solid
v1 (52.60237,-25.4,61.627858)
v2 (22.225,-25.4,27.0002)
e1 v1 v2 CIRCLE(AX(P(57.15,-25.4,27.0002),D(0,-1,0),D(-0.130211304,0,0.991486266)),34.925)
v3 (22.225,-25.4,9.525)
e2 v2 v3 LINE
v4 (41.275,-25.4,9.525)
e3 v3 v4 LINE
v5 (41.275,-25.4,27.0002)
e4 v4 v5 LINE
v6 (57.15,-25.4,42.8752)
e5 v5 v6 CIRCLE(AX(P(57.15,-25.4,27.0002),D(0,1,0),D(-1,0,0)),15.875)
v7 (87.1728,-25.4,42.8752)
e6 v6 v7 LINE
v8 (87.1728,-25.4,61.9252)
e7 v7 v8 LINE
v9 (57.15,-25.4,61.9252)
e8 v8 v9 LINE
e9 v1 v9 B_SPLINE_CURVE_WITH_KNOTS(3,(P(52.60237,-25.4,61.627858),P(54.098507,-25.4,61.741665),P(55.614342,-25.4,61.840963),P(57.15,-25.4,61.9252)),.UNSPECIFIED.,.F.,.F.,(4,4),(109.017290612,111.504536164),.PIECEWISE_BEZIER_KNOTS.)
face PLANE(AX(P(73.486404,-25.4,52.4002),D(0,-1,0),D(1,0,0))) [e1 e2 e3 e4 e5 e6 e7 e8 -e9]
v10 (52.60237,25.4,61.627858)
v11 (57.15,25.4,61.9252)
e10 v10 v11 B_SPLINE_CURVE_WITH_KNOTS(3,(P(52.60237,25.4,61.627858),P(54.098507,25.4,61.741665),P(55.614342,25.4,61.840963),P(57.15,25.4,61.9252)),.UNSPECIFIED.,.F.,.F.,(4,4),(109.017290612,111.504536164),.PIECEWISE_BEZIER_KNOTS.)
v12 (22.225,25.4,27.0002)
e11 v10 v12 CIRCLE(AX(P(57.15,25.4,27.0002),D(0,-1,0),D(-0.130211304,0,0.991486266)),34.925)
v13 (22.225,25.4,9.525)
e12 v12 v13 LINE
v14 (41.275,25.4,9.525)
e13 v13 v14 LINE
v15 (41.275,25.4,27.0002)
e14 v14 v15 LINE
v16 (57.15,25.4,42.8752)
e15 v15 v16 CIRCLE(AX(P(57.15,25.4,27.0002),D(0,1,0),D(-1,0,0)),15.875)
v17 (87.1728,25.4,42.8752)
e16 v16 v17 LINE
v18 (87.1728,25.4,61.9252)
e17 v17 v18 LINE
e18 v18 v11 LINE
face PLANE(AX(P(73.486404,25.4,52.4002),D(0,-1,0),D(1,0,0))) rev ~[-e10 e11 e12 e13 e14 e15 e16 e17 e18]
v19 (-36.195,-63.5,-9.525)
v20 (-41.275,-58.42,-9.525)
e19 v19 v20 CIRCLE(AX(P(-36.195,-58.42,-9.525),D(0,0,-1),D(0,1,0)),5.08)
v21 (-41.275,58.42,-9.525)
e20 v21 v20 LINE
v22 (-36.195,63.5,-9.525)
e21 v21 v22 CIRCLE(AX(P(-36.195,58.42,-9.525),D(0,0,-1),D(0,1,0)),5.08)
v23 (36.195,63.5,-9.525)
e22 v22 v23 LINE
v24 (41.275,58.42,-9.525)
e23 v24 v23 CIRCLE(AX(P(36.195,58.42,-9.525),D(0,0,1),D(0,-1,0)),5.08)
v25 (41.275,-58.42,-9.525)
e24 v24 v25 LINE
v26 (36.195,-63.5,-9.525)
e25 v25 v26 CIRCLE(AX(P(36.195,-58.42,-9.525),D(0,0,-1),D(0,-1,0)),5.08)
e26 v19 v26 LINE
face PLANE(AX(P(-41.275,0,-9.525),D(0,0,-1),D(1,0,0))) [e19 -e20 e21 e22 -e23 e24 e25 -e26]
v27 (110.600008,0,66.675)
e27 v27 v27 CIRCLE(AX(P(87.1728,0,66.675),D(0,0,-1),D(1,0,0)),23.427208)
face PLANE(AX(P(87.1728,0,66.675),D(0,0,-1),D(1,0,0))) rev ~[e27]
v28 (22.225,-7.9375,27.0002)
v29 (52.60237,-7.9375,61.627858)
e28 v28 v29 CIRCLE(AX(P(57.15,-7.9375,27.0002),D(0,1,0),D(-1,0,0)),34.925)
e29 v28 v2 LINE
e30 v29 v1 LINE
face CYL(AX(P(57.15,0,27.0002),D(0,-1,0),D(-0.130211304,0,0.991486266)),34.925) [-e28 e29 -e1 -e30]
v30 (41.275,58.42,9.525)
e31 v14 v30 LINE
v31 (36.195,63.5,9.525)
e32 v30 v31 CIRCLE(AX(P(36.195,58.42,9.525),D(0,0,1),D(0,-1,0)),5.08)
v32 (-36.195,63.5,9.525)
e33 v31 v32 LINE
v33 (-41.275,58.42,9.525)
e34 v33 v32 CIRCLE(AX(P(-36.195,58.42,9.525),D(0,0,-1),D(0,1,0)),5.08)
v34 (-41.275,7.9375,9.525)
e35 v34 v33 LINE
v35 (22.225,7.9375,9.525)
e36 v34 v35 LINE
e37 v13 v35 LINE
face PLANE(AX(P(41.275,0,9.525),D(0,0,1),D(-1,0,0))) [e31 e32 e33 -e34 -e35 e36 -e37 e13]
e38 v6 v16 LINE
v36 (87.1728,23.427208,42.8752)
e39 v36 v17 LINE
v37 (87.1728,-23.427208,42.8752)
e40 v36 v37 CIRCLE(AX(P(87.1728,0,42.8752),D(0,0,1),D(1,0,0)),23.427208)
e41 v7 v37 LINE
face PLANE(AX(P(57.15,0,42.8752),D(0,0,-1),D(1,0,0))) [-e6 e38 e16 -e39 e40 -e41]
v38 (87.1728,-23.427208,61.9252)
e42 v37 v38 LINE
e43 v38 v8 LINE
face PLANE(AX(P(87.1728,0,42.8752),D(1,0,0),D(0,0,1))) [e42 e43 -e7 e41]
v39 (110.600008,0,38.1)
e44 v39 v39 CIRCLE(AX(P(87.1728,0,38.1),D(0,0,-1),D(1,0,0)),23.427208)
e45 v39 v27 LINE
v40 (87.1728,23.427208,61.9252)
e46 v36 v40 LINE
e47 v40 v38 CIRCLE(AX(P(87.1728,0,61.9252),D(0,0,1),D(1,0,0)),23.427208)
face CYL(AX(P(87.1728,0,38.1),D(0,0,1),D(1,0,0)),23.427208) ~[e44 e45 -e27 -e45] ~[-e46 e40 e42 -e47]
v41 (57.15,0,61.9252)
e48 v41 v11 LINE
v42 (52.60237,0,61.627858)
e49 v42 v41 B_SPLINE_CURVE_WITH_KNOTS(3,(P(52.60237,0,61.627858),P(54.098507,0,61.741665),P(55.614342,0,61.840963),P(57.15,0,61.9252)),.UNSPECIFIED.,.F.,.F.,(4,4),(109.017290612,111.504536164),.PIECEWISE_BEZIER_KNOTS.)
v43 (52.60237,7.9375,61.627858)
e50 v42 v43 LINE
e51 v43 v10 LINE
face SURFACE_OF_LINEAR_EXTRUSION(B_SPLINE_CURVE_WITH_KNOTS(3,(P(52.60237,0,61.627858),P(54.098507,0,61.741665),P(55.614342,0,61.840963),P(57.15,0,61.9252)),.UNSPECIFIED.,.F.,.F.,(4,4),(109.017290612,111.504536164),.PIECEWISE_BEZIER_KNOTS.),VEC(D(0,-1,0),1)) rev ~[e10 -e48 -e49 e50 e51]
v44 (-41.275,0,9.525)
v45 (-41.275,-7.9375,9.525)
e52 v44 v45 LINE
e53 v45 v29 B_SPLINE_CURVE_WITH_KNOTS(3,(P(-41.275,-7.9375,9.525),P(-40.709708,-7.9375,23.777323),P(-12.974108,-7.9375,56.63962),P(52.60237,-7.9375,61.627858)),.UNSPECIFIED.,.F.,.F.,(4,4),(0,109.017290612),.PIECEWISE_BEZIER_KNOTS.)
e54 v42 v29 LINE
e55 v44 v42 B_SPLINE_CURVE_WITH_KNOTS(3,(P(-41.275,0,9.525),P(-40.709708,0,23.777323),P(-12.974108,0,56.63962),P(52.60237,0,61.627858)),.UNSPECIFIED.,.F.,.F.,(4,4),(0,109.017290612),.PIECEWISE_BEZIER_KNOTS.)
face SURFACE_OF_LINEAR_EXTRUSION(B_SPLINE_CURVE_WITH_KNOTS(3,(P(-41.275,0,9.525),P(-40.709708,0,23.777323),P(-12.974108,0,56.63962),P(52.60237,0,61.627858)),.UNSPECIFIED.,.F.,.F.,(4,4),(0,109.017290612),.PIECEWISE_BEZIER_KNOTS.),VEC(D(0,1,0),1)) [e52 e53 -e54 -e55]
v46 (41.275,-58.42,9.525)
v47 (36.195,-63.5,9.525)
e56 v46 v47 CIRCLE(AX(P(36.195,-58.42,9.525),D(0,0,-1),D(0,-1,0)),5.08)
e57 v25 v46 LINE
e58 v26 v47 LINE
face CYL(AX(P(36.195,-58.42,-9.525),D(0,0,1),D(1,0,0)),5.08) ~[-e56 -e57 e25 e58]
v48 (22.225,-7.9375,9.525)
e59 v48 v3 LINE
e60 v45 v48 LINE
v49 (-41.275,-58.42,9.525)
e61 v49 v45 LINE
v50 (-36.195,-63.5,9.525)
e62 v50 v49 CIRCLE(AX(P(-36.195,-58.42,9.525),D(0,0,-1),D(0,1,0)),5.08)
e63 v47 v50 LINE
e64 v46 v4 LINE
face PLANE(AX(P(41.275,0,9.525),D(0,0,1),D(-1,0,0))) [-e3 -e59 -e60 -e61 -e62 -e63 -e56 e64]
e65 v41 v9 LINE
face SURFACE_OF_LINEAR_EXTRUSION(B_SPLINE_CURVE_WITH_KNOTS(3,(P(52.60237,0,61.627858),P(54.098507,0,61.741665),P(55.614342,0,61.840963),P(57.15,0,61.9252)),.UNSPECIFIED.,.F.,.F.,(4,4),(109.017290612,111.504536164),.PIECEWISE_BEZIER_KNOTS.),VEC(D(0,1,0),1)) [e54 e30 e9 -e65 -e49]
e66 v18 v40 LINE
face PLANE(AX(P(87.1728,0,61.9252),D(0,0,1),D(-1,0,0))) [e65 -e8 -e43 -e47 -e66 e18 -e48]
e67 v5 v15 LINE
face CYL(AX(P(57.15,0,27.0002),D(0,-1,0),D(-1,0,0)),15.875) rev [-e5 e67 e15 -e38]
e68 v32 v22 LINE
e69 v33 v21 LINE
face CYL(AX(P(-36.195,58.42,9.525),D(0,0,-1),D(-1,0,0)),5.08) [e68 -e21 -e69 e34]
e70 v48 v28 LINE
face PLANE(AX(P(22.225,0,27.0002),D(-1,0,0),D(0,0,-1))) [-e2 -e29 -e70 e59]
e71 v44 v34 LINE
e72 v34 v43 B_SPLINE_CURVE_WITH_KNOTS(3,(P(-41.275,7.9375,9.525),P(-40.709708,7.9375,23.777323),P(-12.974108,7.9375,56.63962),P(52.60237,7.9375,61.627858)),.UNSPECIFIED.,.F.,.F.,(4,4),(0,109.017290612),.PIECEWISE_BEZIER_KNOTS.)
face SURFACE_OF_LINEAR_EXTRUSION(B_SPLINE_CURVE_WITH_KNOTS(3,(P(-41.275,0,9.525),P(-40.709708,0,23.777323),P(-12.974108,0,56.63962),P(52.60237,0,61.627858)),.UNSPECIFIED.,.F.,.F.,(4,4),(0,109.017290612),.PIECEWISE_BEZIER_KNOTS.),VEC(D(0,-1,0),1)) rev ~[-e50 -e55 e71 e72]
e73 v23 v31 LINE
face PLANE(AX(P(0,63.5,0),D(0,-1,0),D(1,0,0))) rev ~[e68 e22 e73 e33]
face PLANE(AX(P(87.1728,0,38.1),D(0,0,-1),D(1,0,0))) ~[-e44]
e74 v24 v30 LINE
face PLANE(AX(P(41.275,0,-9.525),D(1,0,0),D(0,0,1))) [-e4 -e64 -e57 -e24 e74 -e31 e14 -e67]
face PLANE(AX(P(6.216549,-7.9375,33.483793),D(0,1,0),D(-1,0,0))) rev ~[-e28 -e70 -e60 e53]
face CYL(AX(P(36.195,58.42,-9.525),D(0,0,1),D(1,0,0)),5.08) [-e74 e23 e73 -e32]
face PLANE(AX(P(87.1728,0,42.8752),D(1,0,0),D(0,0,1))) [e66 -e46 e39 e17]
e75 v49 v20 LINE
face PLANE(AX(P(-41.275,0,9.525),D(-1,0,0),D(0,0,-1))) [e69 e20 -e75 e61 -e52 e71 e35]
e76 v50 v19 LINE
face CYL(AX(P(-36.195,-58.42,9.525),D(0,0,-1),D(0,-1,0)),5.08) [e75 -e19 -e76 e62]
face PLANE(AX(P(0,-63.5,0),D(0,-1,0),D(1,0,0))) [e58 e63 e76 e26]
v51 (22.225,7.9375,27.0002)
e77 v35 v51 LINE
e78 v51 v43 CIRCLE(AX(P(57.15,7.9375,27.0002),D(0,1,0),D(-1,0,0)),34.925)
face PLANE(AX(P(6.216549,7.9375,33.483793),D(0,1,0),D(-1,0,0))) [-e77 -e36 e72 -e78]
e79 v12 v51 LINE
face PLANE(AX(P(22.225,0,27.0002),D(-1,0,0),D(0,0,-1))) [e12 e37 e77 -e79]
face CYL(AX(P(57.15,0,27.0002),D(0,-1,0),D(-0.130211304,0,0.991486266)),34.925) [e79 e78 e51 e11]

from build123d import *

# Parameters (mm, degrees)
F1_DEPTH = 63.5
F0_W     = 27.3727922164
F0_H     = 19.05
F2_DEPTH = 25.4
F3_DEPTH = 7.9375
F5_R     = 5.08


with BuildPart() as f1:
    # F0 (on Front) → F1 (new body, symmetric)
    with BuildSketch(Plane.XZ):
        Polygon((22.225, 9.525), (-41.275, 9.525), (-41.275, -9.525), (41.275, -9.525), (41.275, 9.525), align=None)
    extrude(amount=F1_DEPTH, both=True)

    # F0 (on Front) → F2 (join, symmetric)
    with BuildSketch(Plane.XZ):
        with Locations((73.4864038918, 52.4002)):
            Rectangle(F0_W, F0_H)
        with BuildLine():
            Line((22.225, 27.0002), (22.225, 9.525))
            Line((22.225, 9.525), (41.275, 9.525))
            Line((41.275, 9.525), (41.275, 27.0002))
            ThreePointArc((41.275, 27.0002), (45.9246798487, 38.2255201513), (57.15, 42.8752))
            Line((57.15, 42.8752), (59.8000077836, 42.8752))
            Line((59.8000077836, 42.8752), (59.8000077836, 61.9252))
            Line((59.8000077836, 61.9252), (57.15, 61.9252))
            add(Edge.make_bspline(
                [(52.6023702137, 61.6278578522), (54.0985072201, 61.7416652267), (55.6143415744, 61.8409632906), (57.15, 61.9252)],
                knots=[109.0172906115, 109.0172906115, 109.0172906115, 109.0172906115, 111.5045361635, 111.5045361635, 111.5045361635, 111.5045361635], degree=3))
            ThreePointArc((52.6023702137, 61.6278578522), (30.8956518336, 50.032022059), (22.225, 27.0002))
        make_face()
    extrude(amount=F2_DEPTH, both=True)

    # F0 (on Front) → F3 (join, symmetric)
    with BuildSketch(Plane.XZ):
        with BuildLine():
            add(Edge.make_bspline(
                [(-41.275, 9.525), (-40.7097081479, 23.7773233991), (-12.9741076271, 56.6396203166), (52.6023702137, 61.6278578522)],
                knots=[0, 0, 0, 0, 109.0172906115, 109.0172906115, 109.0172906115, 109.0172906115], degree=3))
            Line((-41.275, 9.525), (22.225, 9.525))
            Line((22.225, 9.525), (22.225, 27.0002))
            ThreePointArc((22.225, 27.0002), (30.8956518336, 50.032022059), (52.6023702137, 61.6278578522))
        make_face()
    extrude(amount=F3_DEPTH, both=True)

    # F0 (on Front) → F4 (revolve)
    with BuildSketch(Plane.XZ):
        Polygon((87.1728, 66.675), (87.1728, 61.9252), (87.1728, 42.8752), (87.1728, 38.1), (110.6000077836, 38.1), (110.6000077836, 66.675), align=None)
    revolve(axis=Axis((87.1728, 0, 52.3875), (0, 0, -1)))

    # F5
    f5_edges = [f1.edges().sort_by_distance(p)[0] for p in [
        (-41.275, -63.5, 0),
        (41.275, -63.5, 0),
        (41.275, 63.5, 0),
        (-41.275, 63.5, 0),
    ]]
    fillet(f5_edges, radius=F5_R)


solid = f1.part
